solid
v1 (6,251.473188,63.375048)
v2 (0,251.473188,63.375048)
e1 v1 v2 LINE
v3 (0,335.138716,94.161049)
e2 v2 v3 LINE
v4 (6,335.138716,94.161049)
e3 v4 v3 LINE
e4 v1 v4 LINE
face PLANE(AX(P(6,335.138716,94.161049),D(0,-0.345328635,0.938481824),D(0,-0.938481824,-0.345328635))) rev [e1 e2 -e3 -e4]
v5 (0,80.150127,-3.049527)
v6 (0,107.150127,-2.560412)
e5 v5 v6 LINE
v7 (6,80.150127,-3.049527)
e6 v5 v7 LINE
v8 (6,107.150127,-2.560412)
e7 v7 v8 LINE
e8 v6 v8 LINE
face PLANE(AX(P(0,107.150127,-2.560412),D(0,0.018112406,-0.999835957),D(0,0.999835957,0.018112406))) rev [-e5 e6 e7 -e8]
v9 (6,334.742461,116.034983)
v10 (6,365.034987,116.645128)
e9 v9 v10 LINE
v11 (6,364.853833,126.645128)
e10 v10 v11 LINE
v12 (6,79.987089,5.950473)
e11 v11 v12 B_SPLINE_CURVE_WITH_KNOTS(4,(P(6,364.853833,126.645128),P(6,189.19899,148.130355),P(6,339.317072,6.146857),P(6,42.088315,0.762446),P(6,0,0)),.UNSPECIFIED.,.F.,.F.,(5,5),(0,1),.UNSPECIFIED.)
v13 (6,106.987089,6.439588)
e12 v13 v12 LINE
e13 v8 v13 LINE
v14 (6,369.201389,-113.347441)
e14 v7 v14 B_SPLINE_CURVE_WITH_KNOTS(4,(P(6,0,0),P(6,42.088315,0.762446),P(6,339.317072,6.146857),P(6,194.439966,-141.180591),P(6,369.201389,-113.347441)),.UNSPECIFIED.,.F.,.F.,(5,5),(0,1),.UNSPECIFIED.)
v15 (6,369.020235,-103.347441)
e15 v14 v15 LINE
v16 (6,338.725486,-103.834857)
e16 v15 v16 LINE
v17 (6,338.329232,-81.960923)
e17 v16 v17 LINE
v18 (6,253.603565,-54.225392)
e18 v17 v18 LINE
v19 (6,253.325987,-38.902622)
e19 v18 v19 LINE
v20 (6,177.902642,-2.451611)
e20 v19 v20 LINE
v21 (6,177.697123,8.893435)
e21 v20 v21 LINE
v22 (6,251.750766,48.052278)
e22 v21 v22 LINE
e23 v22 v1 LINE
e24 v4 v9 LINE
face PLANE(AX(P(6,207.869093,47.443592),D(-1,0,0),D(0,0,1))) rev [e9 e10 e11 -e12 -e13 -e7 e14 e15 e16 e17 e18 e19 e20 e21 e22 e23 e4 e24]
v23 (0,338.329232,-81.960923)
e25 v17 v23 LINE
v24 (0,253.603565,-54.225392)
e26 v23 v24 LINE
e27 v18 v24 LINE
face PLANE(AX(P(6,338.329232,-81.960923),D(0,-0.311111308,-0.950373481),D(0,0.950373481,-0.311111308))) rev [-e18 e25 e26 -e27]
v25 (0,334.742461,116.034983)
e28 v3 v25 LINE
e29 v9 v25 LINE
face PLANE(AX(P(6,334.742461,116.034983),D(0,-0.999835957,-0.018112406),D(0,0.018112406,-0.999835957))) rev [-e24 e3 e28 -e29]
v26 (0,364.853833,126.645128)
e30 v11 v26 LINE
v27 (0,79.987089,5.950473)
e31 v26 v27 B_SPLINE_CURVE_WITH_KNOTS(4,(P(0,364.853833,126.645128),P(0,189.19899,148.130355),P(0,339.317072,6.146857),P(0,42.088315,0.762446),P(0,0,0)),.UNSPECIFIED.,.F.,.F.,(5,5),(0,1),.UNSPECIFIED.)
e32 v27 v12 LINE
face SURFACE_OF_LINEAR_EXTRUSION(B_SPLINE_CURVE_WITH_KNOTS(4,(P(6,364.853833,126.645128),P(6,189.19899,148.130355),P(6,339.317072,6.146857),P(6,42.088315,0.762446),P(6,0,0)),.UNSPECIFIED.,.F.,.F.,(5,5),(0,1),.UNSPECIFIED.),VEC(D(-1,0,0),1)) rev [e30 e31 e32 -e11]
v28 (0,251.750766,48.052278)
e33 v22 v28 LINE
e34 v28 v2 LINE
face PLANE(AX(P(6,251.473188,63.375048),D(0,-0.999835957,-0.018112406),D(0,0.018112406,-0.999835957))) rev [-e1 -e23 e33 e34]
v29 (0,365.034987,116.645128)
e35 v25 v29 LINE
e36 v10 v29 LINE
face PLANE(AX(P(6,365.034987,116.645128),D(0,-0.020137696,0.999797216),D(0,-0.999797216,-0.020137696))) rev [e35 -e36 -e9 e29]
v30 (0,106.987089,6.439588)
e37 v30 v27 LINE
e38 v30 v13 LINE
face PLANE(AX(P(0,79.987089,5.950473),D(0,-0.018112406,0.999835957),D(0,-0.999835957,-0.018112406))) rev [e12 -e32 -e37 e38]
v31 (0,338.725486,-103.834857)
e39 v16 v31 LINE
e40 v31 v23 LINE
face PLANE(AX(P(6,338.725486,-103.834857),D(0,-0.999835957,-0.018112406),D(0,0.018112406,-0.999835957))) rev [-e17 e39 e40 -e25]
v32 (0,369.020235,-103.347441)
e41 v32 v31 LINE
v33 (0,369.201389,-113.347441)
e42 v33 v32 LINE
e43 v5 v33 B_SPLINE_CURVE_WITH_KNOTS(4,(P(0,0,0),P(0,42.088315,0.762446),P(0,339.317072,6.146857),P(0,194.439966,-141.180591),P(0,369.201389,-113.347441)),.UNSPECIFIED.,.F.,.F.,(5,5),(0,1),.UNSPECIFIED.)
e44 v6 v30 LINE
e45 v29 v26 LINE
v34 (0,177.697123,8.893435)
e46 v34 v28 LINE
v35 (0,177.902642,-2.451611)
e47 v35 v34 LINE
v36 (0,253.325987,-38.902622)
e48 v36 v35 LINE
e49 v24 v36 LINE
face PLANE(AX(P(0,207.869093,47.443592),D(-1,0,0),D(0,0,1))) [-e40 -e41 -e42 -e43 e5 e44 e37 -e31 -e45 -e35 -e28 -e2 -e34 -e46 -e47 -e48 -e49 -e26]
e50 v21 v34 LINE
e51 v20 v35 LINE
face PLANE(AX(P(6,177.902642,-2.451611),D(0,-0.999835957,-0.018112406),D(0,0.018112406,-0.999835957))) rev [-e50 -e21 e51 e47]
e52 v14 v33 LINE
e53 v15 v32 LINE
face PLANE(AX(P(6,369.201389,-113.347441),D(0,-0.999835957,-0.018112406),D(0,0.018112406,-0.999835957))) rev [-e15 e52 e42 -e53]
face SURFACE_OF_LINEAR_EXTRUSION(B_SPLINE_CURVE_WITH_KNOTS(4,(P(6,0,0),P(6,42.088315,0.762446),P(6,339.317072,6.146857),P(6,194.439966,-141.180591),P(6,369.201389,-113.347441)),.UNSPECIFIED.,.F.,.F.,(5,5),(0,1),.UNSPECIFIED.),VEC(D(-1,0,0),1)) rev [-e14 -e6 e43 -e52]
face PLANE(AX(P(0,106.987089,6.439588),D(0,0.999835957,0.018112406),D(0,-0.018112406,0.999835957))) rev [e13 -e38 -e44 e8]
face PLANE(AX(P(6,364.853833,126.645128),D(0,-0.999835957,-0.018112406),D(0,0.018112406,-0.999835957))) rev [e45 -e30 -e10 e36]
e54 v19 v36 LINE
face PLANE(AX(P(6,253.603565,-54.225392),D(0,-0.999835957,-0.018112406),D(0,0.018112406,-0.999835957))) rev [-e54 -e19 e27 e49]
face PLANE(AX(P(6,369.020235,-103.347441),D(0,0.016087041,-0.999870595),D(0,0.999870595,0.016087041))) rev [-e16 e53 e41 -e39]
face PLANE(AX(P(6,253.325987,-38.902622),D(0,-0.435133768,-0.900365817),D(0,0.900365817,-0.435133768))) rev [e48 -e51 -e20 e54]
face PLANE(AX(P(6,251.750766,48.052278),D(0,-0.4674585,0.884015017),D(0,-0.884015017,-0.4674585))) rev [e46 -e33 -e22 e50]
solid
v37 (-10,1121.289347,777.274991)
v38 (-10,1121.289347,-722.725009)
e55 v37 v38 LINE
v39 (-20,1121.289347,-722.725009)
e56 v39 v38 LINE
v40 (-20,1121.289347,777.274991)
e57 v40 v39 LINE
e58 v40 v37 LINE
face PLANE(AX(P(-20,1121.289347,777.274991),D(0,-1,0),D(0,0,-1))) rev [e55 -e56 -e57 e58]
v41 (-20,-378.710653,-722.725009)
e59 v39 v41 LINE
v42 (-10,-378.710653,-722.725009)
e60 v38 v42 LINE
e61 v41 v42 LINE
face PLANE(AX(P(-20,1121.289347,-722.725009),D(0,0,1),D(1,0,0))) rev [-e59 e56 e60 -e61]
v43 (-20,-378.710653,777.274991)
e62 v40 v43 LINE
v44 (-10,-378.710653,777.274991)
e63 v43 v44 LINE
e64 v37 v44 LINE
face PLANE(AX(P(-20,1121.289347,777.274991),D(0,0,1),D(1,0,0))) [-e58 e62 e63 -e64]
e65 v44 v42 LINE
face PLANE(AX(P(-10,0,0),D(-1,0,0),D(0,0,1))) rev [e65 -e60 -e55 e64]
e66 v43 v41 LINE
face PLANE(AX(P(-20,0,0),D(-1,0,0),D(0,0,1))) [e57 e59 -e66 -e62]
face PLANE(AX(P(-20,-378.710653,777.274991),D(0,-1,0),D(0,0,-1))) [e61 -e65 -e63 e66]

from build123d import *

# Parameters (mm, degrees)
BOSS_EXTRU_2_DEPTH      = 10
BOSS_EXTRU_3_DEPTH      = 6
ENL_V_MAT_EXTRU_1_DEPTH = 6


with BuildPart() as part:
    # Esquisse3D1 → Boss.-Extru.2 (new body)
    with BuildSketch(Plane(origin=(-20, 1121.289346724, 777.274991403), x_dir=(0, -0.7071067811865476, -0.7071067811865476), z_dir=(1, 0, 0))):
        Polygon((0, 0), (1060.66017178, 1060.66017178), (2121.32034356, 0), (1060.66017178, -1060.66017178), align=None)
    extrude(amount=BOSS_EXTRU_2_DEPTH)


with BuildPart() as body_2:
    # Esquisse5 → Boss.-Extru.3 (new body)
    with BuildSketch(Plane(origin=(0, 0, 0), x_dir=(0, 0, -1), z_dir=(1, 0, 0))):
        with BuildLine():
            Line((113.347440744, 369.201389217), (103.347440744, 369.020235444))
            Line((103.347440744, 369.020235444), (103.834856693, 338.725486257))
            Line((103.834856693, 338.725486257), (81.960922932, 338.329231694))
            Line((81.960922932, 338.329231694), (54.22539192, 253.60356451))
            Line((54.22539192, 253.60356451), (38.902622235, 253.325986757))
            Line((38.902622235, 253.325986757), (2.451611489, 177.902642332))
            Line((2.451611489, 177.902642332), (-8.893435381, 177.697122528))
            Line((-8.893435381, 177.697122528), (-48.052278153, 251.750765932))
            Line((-48.052278153, 251.750765932), (-63.375047838, 251.473188179))
            Line((-63.375047838, 251.473188179), (-94.161048869, 335.138715732))
            Line((-94.161048869, 335.138715732), (-116.034982631, 334.74246117))
            Line((-116.034982631, 334.74246117), (-116.645128026, 365.034987067))
            Line((-116.645128026, 365.034987067), (-126.645128026, 364.853833295))
            add(Edge.make_bspline(
                [(0, 0), (-0.762445712, 42.08831541), (-6.146856768, 339.317071991), (-148.130355402, 189.198989556), (-126.645128026, 364.853833295)],
                knots=[0, 0, 0, 0, 0, 1, 1, 1, 1, 1], degree=4))
            add(Edge.make_bspline(
                [(0, 0), (-0.762445712, 42.08831541), (-6.146856768, 339.317071991), (141.180590983, 194.439966494), (113.347440744, 369.201389217)],
                knots=[0, 0, 0, 0, 0, 1, 1, 1, 1, 1], degree=4))
        make_face()
    extrude(amount=BOSS_EXTRU_3_DEPTH)

    # Esquisse6 → Enlèv. mat.-Extru.1 (cut)
    with BuildSketch(Plane(origin=(6, 0, 0), x_dir=(0, 0, -1), z_dir=(1, 0, 0))):
        Polygon((-5.950473044, 79.987089035), (-6.43958823, 106.987089035), (2.56041177, 107.15012743), (3.049526956, 80.15012743), (117.063261114, -47.52702125), (-85.227699586, -65.220017949), align=None)
    extrude(amount=-ENL_V_MAT_EXTRU_1_DEPTH, mode=Mode.SUBTRACT)


solid = Compound([part.part, body_2.part])
